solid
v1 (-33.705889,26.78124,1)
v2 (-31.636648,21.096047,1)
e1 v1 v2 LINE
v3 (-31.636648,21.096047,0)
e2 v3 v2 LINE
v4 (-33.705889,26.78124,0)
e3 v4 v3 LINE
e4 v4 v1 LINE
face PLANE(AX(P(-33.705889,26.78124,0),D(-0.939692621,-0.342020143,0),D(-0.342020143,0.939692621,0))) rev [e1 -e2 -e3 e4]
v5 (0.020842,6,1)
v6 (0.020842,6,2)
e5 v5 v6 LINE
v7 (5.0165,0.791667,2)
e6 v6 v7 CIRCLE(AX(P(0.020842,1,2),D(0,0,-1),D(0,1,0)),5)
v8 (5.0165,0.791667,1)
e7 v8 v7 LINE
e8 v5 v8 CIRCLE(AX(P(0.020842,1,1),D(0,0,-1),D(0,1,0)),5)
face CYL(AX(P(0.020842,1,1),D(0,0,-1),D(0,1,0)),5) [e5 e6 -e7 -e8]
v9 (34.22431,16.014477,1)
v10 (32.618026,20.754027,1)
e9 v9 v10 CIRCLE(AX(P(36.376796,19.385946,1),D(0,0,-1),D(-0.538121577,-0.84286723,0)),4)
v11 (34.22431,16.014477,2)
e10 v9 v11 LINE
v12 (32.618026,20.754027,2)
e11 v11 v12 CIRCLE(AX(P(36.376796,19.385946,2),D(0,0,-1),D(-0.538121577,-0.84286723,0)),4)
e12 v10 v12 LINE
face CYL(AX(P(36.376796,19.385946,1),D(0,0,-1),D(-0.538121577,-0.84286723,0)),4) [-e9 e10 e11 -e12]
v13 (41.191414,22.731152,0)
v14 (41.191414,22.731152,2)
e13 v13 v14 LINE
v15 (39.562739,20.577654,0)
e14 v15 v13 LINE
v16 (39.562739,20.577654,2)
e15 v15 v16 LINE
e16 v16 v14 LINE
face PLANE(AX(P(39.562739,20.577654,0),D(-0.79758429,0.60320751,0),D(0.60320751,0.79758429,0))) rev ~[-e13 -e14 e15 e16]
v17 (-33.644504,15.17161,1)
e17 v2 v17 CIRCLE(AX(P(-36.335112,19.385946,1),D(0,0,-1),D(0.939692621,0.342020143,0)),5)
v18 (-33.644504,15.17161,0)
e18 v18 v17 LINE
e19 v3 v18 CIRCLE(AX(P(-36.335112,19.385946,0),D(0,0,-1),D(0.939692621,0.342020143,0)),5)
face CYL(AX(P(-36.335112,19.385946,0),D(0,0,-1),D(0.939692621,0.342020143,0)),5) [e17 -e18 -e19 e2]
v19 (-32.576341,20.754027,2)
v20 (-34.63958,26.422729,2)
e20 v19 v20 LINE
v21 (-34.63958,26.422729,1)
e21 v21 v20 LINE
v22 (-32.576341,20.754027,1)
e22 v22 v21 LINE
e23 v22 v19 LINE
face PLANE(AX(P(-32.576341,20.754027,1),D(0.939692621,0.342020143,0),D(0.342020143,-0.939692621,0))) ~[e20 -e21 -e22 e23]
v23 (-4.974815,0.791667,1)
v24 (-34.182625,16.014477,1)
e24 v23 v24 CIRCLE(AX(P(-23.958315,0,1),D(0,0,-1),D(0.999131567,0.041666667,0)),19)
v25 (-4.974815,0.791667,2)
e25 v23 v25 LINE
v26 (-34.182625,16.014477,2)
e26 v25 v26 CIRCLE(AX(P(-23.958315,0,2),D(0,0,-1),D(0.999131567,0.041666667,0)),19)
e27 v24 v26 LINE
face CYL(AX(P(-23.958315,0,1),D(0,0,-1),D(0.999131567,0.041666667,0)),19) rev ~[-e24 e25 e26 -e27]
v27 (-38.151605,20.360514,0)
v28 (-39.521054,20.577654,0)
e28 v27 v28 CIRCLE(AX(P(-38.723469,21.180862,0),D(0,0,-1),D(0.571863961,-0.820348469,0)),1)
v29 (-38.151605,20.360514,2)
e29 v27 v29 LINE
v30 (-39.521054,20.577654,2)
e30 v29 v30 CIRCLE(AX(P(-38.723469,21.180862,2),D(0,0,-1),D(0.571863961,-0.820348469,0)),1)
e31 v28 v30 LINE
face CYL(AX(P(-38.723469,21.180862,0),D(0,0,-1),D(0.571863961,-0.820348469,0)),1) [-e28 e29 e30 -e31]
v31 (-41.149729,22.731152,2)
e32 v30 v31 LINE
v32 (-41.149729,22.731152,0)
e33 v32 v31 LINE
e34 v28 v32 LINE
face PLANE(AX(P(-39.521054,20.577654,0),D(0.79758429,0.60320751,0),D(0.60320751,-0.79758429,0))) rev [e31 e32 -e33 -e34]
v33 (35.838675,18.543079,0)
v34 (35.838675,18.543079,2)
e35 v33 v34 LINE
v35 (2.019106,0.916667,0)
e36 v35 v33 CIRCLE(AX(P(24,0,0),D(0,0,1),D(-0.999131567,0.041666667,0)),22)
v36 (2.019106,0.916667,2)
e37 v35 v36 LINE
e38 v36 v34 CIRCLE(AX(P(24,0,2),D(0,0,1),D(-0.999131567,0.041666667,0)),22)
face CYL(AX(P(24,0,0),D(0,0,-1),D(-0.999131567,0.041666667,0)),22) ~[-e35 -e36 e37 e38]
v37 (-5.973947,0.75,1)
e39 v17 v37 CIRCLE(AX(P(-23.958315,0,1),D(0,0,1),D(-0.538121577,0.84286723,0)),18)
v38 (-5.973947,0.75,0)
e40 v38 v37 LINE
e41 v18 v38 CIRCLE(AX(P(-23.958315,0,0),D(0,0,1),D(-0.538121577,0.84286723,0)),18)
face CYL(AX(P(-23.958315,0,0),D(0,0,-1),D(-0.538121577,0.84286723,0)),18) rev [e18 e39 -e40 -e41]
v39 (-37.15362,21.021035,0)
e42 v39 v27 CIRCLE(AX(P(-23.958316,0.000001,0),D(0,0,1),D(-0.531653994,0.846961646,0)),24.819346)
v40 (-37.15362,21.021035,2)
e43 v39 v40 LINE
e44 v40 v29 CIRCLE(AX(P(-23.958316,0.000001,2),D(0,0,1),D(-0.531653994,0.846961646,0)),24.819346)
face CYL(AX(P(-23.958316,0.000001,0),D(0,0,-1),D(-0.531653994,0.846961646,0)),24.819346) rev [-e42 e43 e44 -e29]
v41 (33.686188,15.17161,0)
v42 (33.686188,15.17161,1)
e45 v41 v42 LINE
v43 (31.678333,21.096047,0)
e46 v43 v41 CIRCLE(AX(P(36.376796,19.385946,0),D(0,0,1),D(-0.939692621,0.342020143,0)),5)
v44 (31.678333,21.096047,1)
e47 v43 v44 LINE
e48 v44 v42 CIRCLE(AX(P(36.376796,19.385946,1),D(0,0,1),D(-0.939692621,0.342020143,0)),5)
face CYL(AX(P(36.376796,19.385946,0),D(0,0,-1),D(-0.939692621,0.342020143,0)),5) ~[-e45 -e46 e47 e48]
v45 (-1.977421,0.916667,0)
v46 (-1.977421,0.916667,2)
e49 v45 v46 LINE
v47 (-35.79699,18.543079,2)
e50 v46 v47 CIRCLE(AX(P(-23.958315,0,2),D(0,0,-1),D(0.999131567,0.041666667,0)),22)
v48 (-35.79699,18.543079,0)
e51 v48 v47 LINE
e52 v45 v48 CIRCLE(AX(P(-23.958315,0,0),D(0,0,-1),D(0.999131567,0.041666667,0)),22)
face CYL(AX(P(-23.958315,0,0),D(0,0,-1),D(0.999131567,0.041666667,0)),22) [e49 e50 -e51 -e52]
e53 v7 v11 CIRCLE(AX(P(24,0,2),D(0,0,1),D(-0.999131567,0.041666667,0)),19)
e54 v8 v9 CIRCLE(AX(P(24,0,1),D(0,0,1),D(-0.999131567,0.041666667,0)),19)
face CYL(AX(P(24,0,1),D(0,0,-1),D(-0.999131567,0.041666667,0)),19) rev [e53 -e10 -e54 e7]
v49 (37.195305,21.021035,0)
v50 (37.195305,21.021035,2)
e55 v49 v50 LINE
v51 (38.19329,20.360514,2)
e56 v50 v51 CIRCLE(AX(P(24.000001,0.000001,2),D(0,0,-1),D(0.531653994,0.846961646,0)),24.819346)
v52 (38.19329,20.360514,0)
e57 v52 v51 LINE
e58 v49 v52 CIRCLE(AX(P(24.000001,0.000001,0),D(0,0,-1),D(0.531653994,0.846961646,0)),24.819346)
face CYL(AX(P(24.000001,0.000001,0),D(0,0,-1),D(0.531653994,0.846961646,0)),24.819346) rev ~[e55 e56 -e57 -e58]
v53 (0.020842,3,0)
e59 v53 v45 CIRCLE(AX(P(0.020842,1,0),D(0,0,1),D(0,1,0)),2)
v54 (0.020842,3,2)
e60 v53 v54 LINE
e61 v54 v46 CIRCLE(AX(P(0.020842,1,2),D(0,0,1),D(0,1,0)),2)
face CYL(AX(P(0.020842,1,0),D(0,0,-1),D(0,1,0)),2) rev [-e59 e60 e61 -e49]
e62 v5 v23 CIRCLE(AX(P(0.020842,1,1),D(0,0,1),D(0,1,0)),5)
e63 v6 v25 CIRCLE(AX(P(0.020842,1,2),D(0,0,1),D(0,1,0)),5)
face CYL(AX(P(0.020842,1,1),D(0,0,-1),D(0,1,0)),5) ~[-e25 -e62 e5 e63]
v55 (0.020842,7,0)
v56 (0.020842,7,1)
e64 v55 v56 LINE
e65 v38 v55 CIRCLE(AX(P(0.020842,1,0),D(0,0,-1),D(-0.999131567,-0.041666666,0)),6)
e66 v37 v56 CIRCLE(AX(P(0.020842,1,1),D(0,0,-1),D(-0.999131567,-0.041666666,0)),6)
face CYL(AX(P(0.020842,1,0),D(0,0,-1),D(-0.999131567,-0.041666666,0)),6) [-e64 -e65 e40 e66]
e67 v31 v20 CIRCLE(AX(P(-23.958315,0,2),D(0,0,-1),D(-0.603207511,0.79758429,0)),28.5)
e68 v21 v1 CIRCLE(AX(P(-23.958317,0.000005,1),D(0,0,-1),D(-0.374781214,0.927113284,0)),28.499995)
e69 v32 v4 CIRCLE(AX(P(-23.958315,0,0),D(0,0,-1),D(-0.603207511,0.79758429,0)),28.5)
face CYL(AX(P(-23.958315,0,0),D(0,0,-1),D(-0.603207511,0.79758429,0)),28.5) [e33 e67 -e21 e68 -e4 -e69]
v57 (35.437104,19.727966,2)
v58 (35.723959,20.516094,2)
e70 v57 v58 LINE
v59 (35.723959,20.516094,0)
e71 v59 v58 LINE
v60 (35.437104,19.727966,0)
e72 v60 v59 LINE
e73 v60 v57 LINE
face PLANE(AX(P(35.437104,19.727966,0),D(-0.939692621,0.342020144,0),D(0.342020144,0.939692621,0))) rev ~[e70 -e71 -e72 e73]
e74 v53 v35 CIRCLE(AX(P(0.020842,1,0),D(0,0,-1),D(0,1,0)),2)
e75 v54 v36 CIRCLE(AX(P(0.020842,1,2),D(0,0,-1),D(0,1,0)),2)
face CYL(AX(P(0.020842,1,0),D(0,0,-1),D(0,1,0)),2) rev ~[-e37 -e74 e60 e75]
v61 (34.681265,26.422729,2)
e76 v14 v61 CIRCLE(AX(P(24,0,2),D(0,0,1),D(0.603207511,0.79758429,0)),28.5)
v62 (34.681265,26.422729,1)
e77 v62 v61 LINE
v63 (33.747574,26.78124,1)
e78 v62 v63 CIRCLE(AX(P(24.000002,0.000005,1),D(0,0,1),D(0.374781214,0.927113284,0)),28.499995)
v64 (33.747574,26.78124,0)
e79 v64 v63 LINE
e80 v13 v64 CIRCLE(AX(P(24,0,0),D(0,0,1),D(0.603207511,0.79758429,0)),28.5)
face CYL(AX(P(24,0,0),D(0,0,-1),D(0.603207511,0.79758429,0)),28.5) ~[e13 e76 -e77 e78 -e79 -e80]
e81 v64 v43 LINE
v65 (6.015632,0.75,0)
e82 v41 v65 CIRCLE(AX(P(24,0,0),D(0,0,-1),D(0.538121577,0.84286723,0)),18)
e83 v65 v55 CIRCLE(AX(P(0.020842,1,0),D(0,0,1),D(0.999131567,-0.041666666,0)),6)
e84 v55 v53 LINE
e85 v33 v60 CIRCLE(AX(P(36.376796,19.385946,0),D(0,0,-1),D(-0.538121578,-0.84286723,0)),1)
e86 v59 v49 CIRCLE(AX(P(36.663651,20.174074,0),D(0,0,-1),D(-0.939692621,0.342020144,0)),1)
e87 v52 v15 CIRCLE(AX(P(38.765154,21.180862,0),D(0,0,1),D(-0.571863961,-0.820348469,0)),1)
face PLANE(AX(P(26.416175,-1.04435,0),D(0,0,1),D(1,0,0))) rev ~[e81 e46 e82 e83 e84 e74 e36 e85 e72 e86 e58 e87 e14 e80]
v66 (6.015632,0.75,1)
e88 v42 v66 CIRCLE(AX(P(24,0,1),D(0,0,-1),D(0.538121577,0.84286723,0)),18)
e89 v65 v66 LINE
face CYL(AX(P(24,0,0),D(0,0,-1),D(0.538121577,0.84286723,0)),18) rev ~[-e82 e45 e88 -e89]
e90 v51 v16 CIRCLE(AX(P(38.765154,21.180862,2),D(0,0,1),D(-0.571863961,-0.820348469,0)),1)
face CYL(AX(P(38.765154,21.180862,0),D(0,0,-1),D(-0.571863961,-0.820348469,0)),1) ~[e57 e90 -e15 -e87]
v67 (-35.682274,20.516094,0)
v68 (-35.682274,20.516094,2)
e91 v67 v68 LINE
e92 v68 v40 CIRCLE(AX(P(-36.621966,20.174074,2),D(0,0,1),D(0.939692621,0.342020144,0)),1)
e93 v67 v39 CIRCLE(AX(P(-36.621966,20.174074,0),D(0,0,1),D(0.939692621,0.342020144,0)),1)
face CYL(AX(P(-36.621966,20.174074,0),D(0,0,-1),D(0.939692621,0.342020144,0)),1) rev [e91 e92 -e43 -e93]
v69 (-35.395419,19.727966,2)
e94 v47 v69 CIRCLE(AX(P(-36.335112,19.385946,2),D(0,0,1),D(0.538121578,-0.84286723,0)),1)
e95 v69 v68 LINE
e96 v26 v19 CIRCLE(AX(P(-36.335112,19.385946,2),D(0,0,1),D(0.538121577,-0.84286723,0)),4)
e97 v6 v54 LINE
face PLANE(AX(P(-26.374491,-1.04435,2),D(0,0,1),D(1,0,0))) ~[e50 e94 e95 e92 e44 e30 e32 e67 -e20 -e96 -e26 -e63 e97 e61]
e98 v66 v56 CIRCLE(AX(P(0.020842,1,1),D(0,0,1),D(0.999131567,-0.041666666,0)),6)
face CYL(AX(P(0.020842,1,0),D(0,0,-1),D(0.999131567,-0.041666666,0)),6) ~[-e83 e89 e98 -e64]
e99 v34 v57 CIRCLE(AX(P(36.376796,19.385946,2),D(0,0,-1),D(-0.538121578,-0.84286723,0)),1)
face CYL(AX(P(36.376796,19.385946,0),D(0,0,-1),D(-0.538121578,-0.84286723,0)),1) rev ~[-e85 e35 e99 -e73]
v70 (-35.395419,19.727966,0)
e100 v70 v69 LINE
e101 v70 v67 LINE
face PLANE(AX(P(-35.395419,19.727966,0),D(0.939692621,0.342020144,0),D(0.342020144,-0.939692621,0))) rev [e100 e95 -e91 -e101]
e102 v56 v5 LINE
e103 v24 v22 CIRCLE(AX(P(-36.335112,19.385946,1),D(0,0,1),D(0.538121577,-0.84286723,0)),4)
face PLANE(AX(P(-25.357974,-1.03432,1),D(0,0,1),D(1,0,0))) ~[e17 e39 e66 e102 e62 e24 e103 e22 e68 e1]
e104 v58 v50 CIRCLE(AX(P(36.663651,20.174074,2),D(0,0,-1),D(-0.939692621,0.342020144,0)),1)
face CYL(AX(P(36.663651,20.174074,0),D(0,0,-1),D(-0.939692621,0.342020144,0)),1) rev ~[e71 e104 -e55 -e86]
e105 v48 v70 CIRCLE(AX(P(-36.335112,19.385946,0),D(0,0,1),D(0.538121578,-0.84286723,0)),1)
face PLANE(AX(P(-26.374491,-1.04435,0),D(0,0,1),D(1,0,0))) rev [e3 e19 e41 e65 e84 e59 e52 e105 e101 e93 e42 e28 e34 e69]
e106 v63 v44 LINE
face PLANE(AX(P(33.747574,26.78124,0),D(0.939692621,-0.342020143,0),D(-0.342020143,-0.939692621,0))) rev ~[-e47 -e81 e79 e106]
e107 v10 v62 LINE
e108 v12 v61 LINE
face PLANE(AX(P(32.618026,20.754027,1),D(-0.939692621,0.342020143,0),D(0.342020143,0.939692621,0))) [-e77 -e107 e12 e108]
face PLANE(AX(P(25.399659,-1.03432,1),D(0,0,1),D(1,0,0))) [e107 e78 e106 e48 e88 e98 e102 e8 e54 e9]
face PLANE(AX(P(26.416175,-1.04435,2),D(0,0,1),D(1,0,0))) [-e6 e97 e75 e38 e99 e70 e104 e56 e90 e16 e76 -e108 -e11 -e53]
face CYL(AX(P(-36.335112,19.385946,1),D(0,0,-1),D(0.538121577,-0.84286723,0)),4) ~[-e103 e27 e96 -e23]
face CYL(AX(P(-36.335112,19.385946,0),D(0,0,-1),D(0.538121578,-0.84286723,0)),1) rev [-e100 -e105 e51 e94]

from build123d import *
from build123d.topology import SkipClean

# Parameters (mm, degrees)
BASE_EXTRUSION_DEPTH    = 2
ENL_V_START             = -1
ENL_V_MAT_EXTRU_1_DEPTH = 1


with BuildPart() as part:
    # Esquisse1 → Base-Extrusion (new body)
    with BuildSketch(Plane.XY):
        with BuildLine():
            Line((33.747574085, 26.781239692), (31.678333174, 21.096047015))
            ThreePointArc((31.678333174, 21.096047015), (31.641362763, 17.781057074), (33.686188392, 15.171610147))
            ThreePointArc((33.686188392, 15.171610147), (32.319294254, -15.962122137), (6.015631788, 0.75))
            ThreePointArc((6.015631788, 0.75), (4.350969402, 5.153311931), (0.020842383, 7))
            Line((0.020842383, 7), (0.020842383, 3))
            ThreePointArc((0.020842383, 3), (1.464218056, 2.38443731), (2.019105518, 0.916666667))
            ThreePointArc((2.019105518, 0.916666667), (34.168026311, -19.509260389), (35.838674701, 18.543079068))
            ThreePointArc((35.838674701, 18.543079068), (35.429709575, 19.064968454), (35.437103657, 19.727966442))
            Line((35.437103657, 19.727966442), (35.72395853, 20.516093727))
            ThreePointArc((35.72395853, 20.516093727), (36.339050842, 21.119924861), (37.195305146, 21.021035229))
            ThreePointArc((37.195305146, 21.021035229), (37.69827952, 20.696790529), (38.19329026, 20.360513539))
            ThreePointArc((38.19329026, 20.360513539), (38.921758709, 20.193200611), (39.562738511, 20.577654497))
            Line((39.562738511, 20.577654497), (41.19141405, 22.731152258))
            ThreePointArc((41.19141405, 22.731152258), (37.620869006, 25.034414863), (33.747574085, 26.781239692))
        make_face()
    extrude(amount=BASE_EXTRUSION_DEPTH)

    # Esquisse2 → Enlèv. mat.-Extru.1 (cut)
    with BuildSketch(Plane.XY.offset(2).offset(ENL_V_START)):
        with BuildLine():
            Line((33.747574085, 26.781239692), (31.678333174, 21.096047015))
            ThreePointArc((31.678333174, 21.096047015), (31.641362763, 17.781057074), (33.686188392, 15.171610147))
            ThreePointArc((33.686188392, 15.171610147), (32.319294254, -15.962122137), (6.015631788, 0.75))
            ThreePointArc((6.015631788, 0.75), (4.350969402, 5.153311931), (0.020842383, 7))
            Line((0.020842383, 7), (0.020842383, 6))
            ThreePointArc((0.020842383, 6), (3.629281566, 4.461093276), (5.01650022, 0.791666667))
            ThreePointArc((5.01650022, 0.791666667), (32.781477268, -16.8489067), (34.224309969, 16.014477377))
            ThreePointArc((34.224309969, 16.014477377), (32.588449466, 18.102034919), (32.618025795, 20.754026872))
            Line((32.618025795, 20.754026872), (34.681264504, 26.422728636))
            ThreePointArc((34.681264504, 26.422728636), (34.215992075, 26.606080244), (33.747574085, 26.781239692))
        make_face()
    extrude(amount=ENL_V_MAT_EXTRU_1_DEPTH, mode=Mode.SUBTRACT)

    # Bossage-Symétrie1: part across face


with BuildPart() as part_1:
    with SkipClean():  # the faces are left unmerged after this step: merging them gives an invalid solid
        add(part.part)
        add(part.part.mirror(Plane(origin=(0.020842383, 4.785714286, 0.928571429), x_dir=(0, 0, 1), z_dir=(-1, 0, 0))))


solid = part_1.part
